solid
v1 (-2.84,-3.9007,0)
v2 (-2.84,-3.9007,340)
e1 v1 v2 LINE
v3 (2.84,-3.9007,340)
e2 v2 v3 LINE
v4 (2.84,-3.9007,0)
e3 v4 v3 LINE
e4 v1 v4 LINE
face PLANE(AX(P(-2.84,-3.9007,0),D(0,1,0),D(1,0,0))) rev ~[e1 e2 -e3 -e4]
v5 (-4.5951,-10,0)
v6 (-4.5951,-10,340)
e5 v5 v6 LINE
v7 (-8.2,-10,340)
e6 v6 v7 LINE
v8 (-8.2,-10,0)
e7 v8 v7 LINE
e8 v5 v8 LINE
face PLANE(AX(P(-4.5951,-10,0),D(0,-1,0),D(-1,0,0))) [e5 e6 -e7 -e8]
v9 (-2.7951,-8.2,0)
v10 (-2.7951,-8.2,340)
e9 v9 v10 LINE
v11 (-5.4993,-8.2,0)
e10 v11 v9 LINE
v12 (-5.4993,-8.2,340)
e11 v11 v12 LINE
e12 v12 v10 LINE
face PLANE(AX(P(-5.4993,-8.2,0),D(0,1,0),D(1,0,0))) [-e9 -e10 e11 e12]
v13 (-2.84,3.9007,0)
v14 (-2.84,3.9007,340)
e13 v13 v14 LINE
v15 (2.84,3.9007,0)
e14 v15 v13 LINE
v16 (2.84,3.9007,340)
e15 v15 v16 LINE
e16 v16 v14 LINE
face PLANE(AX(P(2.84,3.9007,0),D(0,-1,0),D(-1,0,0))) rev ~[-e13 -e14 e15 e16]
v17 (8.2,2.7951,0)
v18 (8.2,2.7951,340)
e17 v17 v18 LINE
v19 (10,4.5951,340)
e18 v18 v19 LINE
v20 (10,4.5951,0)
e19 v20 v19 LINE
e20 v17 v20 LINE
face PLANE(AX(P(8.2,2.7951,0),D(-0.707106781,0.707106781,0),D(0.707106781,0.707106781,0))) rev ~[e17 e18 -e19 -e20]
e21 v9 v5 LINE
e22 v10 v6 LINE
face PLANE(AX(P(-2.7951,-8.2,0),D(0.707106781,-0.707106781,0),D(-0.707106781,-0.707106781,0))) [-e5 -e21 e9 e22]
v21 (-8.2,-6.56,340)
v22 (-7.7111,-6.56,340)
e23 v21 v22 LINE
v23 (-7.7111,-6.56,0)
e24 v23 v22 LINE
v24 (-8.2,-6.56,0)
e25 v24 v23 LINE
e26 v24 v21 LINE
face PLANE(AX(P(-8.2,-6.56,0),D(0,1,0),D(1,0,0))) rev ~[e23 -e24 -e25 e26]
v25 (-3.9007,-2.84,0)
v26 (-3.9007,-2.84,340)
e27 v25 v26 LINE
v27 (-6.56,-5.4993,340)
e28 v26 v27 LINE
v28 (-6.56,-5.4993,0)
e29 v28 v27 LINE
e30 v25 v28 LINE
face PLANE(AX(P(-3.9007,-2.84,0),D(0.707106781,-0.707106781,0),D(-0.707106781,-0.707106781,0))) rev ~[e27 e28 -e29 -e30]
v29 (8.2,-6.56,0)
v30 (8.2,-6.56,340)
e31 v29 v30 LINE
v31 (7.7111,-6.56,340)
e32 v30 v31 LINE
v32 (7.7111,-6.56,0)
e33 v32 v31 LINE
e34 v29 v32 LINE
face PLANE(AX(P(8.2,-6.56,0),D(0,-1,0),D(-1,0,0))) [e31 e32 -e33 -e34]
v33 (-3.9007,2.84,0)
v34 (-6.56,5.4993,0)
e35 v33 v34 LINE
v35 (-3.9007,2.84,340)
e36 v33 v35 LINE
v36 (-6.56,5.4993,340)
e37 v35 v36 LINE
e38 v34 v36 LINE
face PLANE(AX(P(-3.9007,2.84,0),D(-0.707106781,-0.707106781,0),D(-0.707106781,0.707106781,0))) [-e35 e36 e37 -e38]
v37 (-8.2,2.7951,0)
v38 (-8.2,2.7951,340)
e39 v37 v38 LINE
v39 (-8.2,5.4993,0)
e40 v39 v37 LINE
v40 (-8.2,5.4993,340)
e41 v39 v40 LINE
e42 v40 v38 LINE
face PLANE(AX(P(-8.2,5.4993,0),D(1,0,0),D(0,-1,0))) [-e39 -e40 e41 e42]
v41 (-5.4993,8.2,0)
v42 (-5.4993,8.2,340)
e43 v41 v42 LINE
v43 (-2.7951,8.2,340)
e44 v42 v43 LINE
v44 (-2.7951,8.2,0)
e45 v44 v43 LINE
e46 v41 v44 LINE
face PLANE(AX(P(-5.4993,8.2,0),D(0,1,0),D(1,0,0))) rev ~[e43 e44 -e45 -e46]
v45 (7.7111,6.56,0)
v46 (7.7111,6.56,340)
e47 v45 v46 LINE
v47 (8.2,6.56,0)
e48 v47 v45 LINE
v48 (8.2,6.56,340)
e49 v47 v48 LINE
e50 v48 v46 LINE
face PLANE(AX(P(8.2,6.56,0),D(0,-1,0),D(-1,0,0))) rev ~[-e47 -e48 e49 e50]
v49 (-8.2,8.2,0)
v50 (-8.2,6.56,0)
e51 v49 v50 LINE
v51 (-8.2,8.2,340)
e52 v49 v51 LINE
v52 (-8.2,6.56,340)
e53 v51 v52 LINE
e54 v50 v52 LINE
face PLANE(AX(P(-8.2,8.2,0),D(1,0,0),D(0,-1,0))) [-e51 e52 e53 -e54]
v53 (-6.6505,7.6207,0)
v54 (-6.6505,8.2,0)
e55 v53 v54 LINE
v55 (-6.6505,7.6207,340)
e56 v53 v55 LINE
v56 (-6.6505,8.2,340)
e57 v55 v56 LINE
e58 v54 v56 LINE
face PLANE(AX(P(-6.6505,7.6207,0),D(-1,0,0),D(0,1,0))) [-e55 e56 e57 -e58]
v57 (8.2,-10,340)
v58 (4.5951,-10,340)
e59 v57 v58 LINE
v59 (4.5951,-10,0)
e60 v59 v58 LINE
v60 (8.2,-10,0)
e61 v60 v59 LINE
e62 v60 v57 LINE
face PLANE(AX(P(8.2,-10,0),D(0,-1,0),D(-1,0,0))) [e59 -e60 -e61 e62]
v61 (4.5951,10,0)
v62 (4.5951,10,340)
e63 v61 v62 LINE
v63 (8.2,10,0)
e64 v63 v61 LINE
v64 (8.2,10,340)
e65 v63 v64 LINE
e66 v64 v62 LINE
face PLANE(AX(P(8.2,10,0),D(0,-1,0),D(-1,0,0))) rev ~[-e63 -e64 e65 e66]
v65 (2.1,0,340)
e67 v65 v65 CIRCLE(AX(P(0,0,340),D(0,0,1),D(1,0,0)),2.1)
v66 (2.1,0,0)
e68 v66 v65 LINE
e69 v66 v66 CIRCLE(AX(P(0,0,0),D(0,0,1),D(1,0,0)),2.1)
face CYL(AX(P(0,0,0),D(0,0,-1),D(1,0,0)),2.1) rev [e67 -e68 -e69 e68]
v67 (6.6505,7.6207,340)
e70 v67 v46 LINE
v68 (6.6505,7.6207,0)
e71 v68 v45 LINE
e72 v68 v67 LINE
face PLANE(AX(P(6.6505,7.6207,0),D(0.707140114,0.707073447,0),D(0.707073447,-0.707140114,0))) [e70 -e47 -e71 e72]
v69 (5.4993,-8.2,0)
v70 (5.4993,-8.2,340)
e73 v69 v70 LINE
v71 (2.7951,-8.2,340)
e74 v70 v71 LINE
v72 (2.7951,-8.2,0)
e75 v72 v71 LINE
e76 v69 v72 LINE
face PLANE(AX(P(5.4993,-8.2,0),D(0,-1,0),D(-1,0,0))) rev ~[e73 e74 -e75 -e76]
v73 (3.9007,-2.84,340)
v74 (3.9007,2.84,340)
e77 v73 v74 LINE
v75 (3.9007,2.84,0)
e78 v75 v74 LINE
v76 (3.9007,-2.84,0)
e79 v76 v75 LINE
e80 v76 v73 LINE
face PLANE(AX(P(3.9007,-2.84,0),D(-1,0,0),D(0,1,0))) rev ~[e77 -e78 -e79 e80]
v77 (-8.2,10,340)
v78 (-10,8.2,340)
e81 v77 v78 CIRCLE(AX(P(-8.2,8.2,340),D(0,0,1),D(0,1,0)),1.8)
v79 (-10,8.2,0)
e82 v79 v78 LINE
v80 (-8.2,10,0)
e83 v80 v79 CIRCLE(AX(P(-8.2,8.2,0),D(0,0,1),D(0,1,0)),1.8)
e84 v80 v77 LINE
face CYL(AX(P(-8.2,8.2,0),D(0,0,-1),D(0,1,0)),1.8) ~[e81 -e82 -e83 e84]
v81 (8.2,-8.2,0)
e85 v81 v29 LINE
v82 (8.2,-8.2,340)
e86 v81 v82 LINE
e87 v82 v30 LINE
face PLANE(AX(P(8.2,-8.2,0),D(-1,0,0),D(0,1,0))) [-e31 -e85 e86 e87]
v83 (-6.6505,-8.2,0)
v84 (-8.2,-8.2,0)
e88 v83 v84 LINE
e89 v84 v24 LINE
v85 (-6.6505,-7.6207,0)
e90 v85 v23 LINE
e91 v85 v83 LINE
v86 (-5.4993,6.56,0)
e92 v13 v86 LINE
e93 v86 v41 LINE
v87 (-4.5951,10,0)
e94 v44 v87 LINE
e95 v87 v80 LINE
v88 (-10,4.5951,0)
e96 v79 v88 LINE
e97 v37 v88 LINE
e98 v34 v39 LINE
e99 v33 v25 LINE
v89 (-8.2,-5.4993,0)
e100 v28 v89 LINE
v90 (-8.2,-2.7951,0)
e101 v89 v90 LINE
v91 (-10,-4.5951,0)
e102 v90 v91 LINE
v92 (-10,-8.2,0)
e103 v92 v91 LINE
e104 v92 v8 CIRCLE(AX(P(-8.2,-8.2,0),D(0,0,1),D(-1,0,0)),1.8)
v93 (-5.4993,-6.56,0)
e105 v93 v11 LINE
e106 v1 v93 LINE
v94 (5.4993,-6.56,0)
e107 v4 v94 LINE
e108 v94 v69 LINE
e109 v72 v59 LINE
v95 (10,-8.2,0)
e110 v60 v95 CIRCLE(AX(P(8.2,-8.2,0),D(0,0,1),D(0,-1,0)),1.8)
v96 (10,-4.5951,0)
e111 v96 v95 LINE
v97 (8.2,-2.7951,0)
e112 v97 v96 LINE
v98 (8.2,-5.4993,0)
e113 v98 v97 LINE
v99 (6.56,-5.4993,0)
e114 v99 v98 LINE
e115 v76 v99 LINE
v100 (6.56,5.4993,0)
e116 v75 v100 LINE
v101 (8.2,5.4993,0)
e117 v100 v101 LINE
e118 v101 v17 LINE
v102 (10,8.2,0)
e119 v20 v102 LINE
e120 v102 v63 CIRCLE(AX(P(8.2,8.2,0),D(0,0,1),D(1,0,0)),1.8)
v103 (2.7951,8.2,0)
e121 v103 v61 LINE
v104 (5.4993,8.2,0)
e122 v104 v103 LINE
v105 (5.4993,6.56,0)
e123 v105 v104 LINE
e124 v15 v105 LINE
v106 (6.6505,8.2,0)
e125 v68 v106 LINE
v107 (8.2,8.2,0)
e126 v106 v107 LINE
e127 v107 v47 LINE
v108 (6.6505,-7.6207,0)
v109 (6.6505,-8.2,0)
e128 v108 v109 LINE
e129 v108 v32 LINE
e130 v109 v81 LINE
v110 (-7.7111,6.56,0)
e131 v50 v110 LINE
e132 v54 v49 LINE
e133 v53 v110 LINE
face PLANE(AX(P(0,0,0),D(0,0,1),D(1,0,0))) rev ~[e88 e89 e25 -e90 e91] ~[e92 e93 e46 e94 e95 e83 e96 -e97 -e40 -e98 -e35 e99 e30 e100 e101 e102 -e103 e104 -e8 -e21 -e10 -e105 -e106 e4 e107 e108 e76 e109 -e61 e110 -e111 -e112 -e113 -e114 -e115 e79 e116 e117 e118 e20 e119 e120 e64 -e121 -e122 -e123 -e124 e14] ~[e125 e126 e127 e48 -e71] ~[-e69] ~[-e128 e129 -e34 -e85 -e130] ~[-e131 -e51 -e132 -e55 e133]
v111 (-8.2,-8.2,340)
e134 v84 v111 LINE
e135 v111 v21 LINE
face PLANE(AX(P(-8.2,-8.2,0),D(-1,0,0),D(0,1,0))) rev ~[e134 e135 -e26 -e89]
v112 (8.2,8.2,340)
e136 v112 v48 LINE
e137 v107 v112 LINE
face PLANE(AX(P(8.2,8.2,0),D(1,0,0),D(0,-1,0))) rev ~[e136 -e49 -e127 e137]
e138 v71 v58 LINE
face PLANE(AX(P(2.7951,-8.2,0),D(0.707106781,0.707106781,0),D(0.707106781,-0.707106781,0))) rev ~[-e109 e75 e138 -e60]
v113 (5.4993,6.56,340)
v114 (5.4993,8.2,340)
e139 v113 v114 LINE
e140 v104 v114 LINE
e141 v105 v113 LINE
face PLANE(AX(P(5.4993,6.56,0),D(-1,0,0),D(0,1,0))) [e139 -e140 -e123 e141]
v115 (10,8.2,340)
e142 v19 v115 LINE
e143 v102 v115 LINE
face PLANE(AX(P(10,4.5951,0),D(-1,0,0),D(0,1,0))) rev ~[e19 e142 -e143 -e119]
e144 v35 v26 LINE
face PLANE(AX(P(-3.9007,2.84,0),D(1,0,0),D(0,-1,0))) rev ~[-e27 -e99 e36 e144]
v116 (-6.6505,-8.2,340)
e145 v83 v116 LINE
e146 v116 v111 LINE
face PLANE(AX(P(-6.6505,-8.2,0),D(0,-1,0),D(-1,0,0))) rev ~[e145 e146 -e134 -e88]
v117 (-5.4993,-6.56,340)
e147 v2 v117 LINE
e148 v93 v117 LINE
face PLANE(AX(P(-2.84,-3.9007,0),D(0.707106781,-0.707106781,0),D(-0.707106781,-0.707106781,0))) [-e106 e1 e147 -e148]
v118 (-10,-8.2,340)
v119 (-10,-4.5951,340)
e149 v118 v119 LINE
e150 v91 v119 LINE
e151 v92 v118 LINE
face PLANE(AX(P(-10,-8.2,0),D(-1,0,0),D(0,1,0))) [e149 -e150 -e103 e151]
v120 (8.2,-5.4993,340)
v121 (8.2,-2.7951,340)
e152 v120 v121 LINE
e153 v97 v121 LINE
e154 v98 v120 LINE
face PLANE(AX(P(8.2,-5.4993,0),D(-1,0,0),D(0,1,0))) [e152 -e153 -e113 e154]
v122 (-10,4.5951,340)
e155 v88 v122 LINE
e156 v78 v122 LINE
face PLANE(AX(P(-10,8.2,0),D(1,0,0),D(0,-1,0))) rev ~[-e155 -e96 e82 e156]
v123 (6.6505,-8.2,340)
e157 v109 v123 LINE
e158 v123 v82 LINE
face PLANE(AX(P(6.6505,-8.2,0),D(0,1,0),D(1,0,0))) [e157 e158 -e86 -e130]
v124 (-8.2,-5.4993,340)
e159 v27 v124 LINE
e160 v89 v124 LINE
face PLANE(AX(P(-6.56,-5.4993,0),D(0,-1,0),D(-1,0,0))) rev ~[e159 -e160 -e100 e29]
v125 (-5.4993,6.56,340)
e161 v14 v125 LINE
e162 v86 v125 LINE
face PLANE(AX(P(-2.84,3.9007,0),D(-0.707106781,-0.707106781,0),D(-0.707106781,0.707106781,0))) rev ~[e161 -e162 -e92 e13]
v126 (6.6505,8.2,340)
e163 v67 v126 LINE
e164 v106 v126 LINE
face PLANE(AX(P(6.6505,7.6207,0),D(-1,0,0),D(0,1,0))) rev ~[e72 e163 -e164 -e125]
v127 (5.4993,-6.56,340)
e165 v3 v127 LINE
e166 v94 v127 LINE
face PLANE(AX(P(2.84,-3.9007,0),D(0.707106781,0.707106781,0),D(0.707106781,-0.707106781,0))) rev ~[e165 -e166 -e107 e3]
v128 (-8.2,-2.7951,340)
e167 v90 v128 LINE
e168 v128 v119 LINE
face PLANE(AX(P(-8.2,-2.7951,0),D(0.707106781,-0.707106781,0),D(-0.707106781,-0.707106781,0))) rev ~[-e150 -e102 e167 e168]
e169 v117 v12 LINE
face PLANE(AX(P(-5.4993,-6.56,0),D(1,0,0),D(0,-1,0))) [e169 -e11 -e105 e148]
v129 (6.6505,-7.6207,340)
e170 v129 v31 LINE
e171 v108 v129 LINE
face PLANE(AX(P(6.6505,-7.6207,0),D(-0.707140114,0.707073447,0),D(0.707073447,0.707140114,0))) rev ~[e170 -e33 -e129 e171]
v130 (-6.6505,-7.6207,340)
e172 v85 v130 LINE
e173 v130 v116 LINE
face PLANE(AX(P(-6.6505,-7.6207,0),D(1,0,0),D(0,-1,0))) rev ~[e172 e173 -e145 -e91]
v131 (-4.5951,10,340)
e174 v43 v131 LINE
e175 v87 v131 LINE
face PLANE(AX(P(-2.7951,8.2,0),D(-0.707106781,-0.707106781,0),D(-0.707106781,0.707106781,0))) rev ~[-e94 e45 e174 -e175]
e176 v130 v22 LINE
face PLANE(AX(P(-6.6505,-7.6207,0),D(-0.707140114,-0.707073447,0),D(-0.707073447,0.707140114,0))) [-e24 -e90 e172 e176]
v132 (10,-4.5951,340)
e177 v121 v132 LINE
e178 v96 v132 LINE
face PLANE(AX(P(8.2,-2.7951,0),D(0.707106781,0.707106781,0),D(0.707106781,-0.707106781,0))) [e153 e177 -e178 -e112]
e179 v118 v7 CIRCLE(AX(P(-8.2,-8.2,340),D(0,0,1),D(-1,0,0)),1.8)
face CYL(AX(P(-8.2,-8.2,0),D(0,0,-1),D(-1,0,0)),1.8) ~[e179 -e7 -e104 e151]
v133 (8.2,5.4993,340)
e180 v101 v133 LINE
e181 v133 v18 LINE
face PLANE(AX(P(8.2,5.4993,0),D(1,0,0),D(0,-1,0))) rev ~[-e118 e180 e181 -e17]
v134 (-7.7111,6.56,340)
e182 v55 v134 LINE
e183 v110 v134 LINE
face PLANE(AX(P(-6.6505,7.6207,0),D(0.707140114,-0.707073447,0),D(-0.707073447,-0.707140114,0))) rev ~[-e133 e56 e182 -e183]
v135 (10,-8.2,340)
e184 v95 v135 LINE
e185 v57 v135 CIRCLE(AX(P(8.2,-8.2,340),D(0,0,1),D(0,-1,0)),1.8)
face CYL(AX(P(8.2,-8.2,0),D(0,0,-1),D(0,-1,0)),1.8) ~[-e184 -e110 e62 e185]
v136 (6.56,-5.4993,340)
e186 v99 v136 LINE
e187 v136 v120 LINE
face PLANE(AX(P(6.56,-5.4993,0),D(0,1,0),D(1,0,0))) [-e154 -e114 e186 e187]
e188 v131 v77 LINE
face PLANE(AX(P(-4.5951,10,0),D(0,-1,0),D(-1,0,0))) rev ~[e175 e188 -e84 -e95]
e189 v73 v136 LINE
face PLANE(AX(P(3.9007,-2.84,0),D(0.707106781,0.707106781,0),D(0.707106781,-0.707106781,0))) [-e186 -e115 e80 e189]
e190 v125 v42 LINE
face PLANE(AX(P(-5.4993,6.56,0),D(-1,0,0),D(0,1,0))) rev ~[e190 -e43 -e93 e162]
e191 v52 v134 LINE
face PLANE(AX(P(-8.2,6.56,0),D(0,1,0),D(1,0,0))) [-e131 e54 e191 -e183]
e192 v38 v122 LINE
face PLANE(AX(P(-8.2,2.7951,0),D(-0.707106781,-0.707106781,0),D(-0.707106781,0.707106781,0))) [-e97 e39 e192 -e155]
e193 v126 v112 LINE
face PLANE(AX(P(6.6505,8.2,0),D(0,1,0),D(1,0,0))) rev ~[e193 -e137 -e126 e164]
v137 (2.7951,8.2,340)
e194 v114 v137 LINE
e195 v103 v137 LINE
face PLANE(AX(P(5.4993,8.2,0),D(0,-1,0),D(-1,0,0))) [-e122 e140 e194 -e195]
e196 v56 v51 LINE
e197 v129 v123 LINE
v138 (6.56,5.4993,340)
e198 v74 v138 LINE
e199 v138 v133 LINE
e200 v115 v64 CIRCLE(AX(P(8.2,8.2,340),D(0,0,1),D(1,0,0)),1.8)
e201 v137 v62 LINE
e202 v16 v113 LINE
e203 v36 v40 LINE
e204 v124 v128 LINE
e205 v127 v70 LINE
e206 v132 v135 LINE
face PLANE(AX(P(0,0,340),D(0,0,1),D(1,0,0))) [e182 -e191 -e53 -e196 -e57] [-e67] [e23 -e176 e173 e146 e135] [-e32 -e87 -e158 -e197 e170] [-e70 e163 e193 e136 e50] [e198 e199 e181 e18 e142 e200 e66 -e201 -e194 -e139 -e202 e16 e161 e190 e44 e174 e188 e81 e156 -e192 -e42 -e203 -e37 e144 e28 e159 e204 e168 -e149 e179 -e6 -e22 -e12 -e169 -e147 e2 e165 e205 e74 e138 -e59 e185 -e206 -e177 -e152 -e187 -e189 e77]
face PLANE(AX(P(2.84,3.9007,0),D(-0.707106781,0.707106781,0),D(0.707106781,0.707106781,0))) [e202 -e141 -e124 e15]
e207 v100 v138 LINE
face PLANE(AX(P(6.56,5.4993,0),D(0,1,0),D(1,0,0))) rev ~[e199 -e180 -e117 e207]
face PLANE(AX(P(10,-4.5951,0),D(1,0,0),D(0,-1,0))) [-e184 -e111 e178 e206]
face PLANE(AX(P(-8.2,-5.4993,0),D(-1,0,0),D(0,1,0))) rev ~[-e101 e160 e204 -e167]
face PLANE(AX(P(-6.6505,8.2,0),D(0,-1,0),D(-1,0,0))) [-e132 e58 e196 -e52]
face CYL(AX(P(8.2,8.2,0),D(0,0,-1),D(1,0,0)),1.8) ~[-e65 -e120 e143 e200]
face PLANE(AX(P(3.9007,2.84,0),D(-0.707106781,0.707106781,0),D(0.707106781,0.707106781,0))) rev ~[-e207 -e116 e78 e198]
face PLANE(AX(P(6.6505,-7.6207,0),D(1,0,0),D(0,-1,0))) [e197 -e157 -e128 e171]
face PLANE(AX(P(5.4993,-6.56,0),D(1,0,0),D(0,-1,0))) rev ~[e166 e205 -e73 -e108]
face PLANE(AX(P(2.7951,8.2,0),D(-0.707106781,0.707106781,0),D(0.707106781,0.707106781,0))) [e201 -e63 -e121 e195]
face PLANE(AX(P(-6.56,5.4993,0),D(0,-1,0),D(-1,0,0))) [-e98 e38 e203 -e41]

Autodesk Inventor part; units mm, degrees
ref_plane "YZ Plane" through (0, 0, 0) normal (1, 0, 0) x (0, 1, 0)
ref_plane "Start Plane" through (0, 0, 0) normal (0, 0, 1) x (1, 0, 0)
ref_plane "End Plane" through (0, 0, 340) normal (0, 0, 1) x (1, 0, 0)
sketch "Sketch1" plane through (0, 0, 0) normal (0, 0, 1) x (1, 0, 0)
  line L0 (10, -4.5951) -> (10, -8.2)
  line L1 (-10, -8.2) -> (-10, -4.5951)
  line L2 (-10, 10) -> (10, -10) construction
  line L3 (10, 10) -> (-10, -10) construction
  circle A0 centre (0, 0) radius 2.1
  line L4 (-2.84, -3.9007) -> (2.84, -3.9007)
  line L5 (3.9007, -2.84) -> (3.9007, 2.84)
  line L6 (2.84, 3.9007) -> (-2.84, 3.9007)
  line L7 (-3.9007, 2.84) -> (-3.9007, -2.84)
  line L8 (-3.9007, -3.9007) -> (3.9007, 3.9007) construction
  line L9 (3.9007, -3.9007) -> (-3.9007, 3.9007) construction
  line L10 (-3.9007, -2.84) -> (-2.84, -3.9007) construction
  line L11 (-2.84, -3.9007) -> (-5.4993, -6.56)
  line L12 (-5.4993, -6.56) -> (-5.4993, -8.2)
  line L13 (-5.4993, -8.2) -> (-2.7951, -8.2)
  line L14 (-2.7951, -8.2) -> (-4.5951, -10)
  line L15 (0, 0) -> (0, -3.9007) construction
  line L16 (3.9007, -2.84) -> (2.84, -3.9007) construction
  line L17 (2.84, -3.9007) -> (5.4993, -6.56)
  line L18 (5.4993, -6.56) -> (5.4993, -8.2)
  line L19 (5.4993, -8.2) -> (2.7951, -8.2)
  line L20 (2.7951, -8.2) -> (4.5951, -10)
  line L21 (-2.84, -3.9007) -> (-3.9007, -2.84) construction
  line L22 (-3.9007, -2.84) -> (-6.56, -5.4993)
  line L23 (-6.56, -5.4993) -> (-8.2, -5.4993)
  line L24 (-8.2, -5.4993) -> (-8.2, -2.7951)
  line L25 (-8.2, -2.7951) -> (-10, -4.5951)
  line L26 (3.9007, -2.84) -> (6.56, -5.4993)
  line L27 (6.56, -5.4993) -> (8.2, -5.4993)
  line L28 (8.2, -5.4993) -> (8.2, -2.7951)
  line L29 (8.2, -2.7951) -> (10, -4.5951)
  arc A1 (-10, -8.2) -> (-8.2, -10) centre (-8.2, -8.2) ccw
  arc A2 (8.2, -10) -> (10, -8.2) centre (8.2, -8.2) ccw
  line L30 (-8.2, -6.56) -> (-7.7111, -6.56)
  line L31 (-6.6505, -8.2) -> (-8.2, -8.2)
  line L32 (-8.2, -8.2) -> (-8.2, -6.56)
  line L33 (-6.6505, -7.6207) -> (-7.7111, -6.56)
  line L34 (-6.6505, -7.6207) -> (-6.6505, -8.2)
  line L35 (8.2, -6.56) -> (7.7111, -6.56)
  line L36 (6.6505, -8.2) -> (8.2, -8.2)
  line L37 (8.2, -8.2) -> (8.2, -6.56)
  line L38 (6.6505, -7.6207) -> (7.7111, -6.56)
  line L39 (6.6505, -7.6207) -> (6.6505, -8.2)
  line L40 (8.2, -10) -> (4.5951, -10)
  line L41 (-4.5951, -10) -> (-8.2, -10)
  line L42 (-3.9007, 0) -> (3.9007, 0) construction
  line L43 (10, 4.5951) -> (10, 8.2)
  line L44 (-10, 8.2) -> (-10, 4.5951)
  line L45 (-2.84, 3.9007) -> (2.84, 3.9007)
  line L46 (-3.9007, 2.84) -> (-2.84, 3.9007) construction
  line L47 (-2.84, 3.9007) -> (-5.4993, 6.56)
  line L48 (-5.4993, 6.56) -> (-5.4993, 8.2)
  line L49 (-5.4993, 8.2) -> (-2.7951, 8.2)
  line L50 (-2.7951, 8.2) -> (-4.5951, 10)
  line L51 (2.84, 3.9007) -> (5.4993, 6.56)
  line L52 (5.4993, 6.56) -> (5.4993, 8.2)
  line L53 (5.4993, 8.2) -> (2.7951, 8.2)
  line L54 (2.7951, 8.2) -> (4.5951, 10)
  line L55 (3.9007, 2.84) -> (2.84, 3.9007) construction
  line L56 (-8.2, 2.7951) -> (-10, 4.5951)
  line L57 (-2.84, 3.9007) -> (-3.9007, 2.84) construction
  line L58 (-3.9007, 2.84) -> (-6.56, 5.4993)
  line L59 (-6.56, 5.4993) -> (-8.2, 5.4993)
  line L60 (-8.2, 5.4993) -> (-8.2, 2.7951)
  line L61 (3.9007, 2.84) -> (6.56, 5.4993)
  line L62 (6.56, 5.4993) -> (8.2, 5.4993)
  line L63 (8.2, 5.4993) -> (8.2, 2.7951)
  line L64 (8.2, 2.7951) -> (10, 4.5951)
  arc A3 (-8.2, 10) -> (-10, 8.2) centre (-8.2, 8.2) ccw
  arc A4 (10, 8.2) -> (8.2, 10) centre (8.2, 8.2) ccw
  line L65 (-8.2, 6.56) -> (-7.7111, 6.56)
  line L66 (-6.6505, 8.2) -> (-8.2, 8.2)
  line L67 (-8.2, 8.2) -> (-8.2, 6.56)
  line L68 (-6.6505, 7.6207) -> (-7.7111, 6.56)
  line L69 (-6.6505, 7.6207) -> (-6.6505, 8.2)
  line L70 (8.2, 6.56) -> (7.7111, 6.56)
  line L71 (6.6505, 7.6207) -> (7.7111, 6.56)
  line L72 (8.2, 8.2) -> (8.2, 6.56)
  line L73 (6.6505, 7.6207) -> (6.6505, 8.2)
  line L74 (6.6505, 8.2) -> (8.2, 8.2)
  line L75 (8.2, 10) -> (4.5951, 10)
  line L76 (-4.5951, 10) -> (-8.2, 10)
  line L77 (-8.2, 10) -> (-4.5951, 10)
  line L78 (4.5951, 10) -> (8.2, 10)
  point P0 (8.2, -8.2)
  point P1 (0, 3.9007)
  point P2 (8.2, 8.2)
  dimension "Width" = 20
  dimension "Height" = 20
  dimension "d2" = 4.2
  dimension "d3" = 1.5
  dimension "d4" = 1.64
  dimension "d6" = 5.68
  dimension "d7" = 1.8
  dimension "d9" = 1.5
extrude "Body" add sketch "Sketch1" along normal up to surface (340 mm away) from surface at 0
sketch "Sketch4" plane through (0, 0, 0) normal (0, 0, 1) x (1, 0, 0)
  line L0 (0, 0) -> (10, 0)
ref_plane "Work Plane4" through (0, 0, 0) normal (0, -1, 0) x (1, 0, 0)
sketch "Sketch5" plane through (0, 0, 0) normal (0, -1, 0) x (1, 0, 0)
  line L0 (-2, 0) -> (12, 0) construction
  line L1 (-2, 340) -> (12, 340) construction
  dimension "d17" = 340
equation "\"G_OFFSET_START\" = 0"
equation "\"G_OFFSET_END\" = 0"
equation "\"G_L\" = d17"
properties part number "V-slot 20 mm x 20 mm" material "Aluminum 6061"
